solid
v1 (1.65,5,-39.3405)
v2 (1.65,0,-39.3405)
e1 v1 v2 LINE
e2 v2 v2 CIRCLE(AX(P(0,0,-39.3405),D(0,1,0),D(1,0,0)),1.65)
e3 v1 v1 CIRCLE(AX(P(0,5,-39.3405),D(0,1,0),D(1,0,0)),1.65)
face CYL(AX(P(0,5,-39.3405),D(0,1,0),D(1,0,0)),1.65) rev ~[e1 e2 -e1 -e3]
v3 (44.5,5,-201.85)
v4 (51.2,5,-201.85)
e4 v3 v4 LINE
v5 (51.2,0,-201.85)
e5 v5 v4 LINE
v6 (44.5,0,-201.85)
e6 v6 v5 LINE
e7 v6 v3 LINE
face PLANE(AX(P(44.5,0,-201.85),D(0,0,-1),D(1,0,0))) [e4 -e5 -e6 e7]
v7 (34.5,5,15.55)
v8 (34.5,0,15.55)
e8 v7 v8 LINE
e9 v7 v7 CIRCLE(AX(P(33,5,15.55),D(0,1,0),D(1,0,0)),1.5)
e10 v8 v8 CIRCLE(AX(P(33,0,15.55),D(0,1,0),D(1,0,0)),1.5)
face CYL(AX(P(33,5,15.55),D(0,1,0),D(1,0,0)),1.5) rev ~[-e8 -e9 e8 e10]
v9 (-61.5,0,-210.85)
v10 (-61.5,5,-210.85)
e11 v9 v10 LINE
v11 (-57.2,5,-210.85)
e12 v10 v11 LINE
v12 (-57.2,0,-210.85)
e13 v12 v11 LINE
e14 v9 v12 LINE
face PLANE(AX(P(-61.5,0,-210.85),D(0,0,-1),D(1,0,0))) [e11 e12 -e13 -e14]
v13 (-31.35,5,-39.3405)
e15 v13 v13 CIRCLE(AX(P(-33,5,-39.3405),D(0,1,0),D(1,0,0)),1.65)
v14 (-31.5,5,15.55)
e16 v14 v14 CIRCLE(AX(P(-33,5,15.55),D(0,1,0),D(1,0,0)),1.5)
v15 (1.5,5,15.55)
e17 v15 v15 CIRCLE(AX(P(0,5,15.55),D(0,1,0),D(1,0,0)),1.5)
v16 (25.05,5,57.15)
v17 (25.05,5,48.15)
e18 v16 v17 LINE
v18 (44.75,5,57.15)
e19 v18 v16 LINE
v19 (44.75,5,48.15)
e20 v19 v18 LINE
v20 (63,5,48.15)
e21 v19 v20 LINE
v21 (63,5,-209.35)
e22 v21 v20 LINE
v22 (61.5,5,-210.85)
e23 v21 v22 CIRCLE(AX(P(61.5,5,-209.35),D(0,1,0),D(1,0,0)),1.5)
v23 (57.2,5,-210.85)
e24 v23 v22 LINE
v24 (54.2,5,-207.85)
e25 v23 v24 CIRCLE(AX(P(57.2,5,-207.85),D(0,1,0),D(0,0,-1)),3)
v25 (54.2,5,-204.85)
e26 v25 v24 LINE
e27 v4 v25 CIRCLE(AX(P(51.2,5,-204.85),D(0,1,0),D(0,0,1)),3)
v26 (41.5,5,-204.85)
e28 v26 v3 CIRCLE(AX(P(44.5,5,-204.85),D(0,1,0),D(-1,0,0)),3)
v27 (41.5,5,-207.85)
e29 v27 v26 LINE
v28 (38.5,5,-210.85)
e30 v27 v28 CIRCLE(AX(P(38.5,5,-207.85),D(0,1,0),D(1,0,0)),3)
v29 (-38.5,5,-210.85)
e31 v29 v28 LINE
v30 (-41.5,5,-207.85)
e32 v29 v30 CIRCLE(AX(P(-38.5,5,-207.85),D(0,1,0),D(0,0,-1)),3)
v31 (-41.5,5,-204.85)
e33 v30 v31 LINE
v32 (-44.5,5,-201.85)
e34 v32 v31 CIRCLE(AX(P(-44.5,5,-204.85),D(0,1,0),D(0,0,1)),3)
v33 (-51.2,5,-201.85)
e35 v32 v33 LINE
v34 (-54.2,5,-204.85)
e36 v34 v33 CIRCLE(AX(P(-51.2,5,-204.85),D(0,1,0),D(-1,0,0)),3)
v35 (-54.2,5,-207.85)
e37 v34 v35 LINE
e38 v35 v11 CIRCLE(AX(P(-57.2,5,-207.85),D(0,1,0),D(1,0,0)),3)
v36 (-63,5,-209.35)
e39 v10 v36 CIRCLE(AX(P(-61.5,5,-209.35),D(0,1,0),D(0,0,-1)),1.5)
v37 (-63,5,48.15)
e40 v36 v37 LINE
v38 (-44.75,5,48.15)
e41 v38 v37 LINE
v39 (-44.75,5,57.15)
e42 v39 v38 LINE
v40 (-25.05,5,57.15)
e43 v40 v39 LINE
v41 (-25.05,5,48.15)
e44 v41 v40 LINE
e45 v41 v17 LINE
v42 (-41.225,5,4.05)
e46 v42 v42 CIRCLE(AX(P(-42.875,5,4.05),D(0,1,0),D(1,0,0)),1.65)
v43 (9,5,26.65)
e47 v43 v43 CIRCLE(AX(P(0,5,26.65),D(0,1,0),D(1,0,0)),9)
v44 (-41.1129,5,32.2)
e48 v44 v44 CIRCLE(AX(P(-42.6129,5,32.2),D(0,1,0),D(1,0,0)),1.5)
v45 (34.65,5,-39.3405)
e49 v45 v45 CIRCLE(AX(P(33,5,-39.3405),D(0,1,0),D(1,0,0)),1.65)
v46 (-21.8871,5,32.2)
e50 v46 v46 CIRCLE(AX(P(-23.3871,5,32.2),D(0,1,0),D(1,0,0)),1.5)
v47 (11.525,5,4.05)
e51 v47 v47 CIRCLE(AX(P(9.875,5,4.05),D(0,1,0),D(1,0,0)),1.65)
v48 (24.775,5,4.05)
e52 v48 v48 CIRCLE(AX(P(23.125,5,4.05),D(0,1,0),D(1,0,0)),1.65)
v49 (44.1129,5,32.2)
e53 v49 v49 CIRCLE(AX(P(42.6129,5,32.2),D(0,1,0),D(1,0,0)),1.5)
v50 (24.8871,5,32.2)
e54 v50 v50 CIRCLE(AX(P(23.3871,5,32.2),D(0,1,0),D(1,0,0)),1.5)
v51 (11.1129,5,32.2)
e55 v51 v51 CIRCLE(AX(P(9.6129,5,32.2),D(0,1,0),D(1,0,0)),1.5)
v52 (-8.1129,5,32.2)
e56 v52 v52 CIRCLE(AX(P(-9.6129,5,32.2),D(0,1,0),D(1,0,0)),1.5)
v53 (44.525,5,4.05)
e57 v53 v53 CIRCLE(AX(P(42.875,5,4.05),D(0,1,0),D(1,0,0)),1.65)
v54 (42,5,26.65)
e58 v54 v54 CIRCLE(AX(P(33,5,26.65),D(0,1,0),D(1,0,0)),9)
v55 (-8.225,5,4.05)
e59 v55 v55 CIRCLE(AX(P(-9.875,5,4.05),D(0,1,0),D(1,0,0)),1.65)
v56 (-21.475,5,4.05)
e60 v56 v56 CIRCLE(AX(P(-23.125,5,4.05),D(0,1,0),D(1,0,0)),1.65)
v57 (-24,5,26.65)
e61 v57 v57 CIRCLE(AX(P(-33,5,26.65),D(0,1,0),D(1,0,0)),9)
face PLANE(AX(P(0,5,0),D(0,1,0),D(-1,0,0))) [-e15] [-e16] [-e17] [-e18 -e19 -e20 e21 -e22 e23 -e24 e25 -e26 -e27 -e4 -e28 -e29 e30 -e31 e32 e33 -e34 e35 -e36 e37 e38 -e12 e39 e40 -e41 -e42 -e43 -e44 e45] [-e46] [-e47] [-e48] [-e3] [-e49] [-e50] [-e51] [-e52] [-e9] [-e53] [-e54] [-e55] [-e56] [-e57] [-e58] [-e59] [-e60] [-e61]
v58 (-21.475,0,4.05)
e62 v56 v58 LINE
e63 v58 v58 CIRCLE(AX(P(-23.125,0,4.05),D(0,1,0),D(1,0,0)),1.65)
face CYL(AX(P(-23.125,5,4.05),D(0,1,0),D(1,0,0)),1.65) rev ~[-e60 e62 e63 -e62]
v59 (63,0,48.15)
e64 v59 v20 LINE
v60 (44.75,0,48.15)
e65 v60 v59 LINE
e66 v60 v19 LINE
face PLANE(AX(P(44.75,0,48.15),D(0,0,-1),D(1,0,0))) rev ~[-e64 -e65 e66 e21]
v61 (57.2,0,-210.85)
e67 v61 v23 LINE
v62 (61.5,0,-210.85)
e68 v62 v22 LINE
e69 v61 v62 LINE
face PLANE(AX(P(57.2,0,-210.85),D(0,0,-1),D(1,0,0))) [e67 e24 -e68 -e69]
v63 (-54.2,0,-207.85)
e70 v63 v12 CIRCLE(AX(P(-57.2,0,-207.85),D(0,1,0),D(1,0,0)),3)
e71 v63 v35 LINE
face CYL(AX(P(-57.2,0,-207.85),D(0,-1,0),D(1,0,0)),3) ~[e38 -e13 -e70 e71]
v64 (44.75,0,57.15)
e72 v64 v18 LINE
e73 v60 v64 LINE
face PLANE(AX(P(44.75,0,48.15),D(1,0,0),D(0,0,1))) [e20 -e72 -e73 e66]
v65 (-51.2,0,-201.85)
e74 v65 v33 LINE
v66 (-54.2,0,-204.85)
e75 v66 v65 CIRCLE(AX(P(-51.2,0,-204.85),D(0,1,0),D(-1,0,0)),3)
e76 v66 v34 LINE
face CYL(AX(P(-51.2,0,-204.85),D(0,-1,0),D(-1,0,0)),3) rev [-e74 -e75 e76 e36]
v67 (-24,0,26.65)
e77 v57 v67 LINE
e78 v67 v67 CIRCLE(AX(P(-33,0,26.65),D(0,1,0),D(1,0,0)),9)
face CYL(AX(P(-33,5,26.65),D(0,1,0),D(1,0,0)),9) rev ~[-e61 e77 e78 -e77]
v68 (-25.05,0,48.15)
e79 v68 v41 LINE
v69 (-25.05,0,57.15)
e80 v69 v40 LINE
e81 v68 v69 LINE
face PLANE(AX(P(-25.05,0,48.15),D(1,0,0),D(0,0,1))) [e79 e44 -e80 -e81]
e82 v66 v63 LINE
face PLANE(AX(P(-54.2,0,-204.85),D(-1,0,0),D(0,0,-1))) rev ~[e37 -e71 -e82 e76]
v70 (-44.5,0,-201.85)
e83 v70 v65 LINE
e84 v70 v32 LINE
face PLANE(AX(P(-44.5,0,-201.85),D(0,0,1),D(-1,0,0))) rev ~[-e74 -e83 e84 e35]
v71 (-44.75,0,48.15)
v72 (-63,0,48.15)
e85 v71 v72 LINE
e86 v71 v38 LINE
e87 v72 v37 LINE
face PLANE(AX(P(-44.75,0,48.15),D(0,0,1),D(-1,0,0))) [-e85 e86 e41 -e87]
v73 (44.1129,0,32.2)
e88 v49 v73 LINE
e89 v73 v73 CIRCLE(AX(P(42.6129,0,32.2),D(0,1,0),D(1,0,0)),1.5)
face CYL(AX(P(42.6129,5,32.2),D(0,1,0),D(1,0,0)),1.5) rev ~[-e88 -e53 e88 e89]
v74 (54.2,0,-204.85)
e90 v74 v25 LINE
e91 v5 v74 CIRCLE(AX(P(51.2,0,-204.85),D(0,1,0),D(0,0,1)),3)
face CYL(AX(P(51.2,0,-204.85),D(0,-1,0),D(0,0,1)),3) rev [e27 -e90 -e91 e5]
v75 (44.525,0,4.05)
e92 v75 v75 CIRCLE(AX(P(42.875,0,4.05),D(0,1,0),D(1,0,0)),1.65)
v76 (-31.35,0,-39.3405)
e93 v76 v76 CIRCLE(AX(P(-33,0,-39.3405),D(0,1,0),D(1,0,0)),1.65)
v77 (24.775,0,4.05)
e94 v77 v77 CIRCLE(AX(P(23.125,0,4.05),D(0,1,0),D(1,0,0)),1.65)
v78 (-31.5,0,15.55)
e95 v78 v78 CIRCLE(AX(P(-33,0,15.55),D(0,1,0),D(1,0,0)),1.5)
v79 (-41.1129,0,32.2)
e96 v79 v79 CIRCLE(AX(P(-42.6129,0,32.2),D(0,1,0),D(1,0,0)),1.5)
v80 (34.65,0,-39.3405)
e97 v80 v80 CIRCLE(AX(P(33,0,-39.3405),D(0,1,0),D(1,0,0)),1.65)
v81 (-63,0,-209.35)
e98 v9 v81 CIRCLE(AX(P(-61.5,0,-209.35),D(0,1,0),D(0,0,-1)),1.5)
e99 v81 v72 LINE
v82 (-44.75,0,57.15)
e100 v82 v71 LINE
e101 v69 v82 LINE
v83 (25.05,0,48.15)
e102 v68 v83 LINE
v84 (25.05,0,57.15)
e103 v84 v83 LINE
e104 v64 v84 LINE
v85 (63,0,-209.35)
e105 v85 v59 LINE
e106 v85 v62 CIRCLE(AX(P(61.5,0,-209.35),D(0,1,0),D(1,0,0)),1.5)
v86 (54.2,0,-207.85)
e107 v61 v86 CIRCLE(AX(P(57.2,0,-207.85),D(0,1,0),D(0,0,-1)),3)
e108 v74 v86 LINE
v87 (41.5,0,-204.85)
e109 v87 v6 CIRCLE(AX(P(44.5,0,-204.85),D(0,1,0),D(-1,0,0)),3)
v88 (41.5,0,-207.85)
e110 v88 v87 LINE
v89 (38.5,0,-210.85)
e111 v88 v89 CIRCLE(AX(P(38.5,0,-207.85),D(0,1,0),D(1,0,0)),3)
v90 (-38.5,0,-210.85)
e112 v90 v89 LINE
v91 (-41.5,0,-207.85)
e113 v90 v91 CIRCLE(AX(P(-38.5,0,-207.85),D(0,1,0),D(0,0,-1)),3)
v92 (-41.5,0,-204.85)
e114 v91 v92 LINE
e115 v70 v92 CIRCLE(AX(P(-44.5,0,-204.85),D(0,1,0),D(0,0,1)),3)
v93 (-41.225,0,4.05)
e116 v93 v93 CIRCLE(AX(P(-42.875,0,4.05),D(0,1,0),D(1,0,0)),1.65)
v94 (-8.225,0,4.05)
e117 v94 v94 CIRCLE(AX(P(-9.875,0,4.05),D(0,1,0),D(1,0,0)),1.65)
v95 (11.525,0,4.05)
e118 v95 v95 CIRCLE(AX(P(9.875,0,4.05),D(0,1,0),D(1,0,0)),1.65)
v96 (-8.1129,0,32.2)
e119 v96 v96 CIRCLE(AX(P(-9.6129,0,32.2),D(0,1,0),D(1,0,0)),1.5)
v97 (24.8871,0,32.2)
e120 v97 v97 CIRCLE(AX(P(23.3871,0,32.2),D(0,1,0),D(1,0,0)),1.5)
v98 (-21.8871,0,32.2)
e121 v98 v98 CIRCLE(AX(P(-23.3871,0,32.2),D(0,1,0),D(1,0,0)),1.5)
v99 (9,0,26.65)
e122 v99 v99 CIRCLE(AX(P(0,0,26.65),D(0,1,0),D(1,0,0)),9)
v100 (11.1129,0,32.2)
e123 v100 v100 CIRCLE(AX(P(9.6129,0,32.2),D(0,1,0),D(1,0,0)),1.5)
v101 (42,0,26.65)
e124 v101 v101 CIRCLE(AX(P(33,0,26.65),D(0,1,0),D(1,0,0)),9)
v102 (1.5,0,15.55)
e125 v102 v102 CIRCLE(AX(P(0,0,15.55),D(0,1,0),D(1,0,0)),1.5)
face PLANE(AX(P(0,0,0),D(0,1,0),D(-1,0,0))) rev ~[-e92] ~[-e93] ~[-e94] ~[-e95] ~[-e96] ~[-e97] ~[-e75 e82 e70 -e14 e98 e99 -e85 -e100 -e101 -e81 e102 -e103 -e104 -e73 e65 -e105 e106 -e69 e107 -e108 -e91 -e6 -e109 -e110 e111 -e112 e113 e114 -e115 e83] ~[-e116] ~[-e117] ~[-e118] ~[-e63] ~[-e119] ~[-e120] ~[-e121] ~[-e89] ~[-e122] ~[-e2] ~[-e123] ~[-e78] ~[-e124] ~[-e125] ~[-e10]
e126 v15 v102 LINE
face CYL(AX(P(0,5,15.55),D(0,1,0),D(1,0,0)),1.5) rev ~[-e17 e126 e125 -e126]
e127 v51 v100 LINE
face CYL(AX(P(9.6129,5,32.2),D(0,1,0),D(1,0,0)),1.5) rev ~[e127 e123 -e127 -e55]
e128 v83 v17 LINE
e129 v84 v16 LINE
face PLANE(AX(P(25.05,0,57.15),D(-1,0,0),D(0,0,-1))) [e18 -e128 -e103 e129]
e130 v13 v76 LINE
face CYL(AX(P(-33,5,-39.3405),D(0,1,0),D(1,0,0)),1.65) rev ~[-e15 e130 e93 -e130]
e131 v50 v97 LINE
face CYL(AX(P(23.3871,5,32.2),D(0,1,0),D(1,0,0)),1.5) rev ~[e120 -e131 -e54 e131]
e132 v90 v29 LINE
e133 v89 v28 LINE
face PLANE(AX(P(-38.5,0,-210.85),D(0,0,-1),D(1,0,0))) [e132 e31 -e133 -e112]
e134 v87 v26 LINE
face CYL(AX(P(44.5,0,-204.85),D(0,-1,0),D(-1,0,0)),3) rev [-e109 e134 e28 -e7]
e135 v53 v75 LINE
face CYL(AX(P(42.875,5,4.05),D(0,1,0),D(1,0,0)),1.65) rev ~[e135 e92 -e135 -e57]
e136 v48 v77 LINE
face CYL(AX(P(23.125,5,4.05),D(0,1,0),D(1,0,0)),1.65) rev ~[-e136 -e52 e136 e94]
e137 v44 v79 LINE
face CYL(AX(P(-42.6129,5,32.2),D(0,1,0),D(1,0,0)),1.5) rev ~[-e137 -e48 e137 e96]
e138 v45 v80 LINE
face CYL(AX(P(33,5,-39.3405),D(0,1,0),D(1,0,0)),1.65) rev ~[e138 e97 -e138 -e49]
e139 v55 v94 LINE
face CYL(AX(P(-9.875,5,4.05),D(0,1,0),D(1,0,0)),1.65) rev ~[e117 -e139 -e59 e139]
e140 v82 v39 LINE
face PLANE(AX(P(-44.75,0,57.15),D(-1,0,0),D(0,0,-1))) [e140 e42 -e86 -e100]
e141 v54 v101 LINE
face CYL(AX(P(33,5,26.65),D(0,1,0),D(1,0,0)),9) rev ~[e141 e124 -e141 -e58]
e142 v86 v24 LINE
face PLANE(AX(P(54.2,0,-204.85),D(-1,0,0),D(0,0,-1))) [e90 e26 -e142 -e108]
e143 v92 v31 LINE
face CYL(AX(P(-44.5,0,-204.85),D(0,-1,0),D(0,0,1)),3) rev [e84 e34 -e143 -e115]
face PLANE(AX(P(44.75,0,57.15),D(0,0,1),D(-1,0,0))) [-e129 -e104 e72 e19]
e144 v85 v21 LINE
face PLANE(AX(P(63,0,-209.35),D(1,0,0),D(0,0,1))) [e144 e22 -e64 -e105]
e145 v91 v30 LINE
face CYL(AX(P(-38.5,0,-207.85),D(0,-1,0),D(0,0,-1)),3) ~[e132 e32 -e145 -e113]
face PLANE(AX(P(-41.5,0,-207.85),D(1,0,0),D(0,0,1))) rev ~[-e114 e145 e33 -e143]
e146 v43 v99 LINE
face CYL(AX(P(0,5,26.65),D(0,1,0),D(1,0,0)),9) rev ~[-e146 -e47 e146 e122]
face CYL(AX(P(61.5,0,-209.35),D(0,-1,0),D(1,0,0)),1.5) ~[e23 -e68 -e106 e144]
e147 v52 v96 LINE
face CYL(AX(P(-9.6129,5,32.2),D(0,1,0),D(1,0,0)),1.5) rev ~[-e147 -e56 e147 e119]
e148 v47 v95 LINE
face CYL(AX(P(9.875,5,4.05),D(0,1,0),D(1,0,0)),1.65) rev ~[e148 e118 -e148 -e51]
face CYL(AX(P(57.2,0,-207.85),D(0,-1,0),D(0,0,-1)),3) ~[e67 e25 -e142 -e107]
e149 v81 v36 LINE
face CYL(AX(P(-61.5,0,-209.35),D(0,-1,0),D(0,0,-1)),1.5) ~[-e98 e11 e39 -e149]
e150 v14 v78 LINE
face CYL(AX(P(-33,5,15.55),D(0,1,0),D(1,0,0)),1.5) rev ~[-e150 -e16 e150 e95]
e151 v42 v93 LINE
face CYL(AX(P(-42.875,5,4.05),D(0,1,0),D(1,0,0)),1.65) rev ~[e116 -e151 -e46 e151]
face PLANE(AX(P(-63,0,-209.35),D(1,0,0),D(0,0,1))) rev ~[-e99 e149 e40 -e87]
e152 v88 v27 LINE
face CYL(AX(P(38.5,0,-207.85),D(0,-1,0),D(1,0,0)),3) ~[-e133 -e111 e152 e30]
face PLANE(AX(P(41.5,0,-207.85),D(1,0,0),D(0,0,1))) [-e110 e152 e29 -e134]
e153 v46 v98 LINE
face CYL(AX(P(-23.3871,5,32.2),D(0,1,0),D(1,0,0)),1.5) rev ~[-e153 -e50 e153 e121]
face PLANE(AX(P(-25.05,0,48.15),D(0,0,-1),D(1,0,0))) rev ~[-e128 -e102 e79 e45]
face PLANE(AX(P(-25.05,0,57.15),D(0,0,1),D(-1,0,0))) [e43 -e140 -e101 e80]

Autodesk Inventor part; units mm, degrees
ref_plane "YZ Plane" through (0, 0, 0) normal (1, 0, 0) x (0, 1, 0)
ref_plane "XZ Plane" through (0, 0, 0) normal (0, 1, 0) x (-1, 0, 0)
ref_plane "XY Plane" through (0, 0, 0) normal (0, 0, 1) x (1, 0, 0)
sketch "Sketch1" plane through (0, 0, 0) normal (0, 1, 0) x (-1, 0, 0)
  line L0 (-41.5, -207.85) -> (-41.5, -204.85)
  line L1 (-44.5, -201.85) -> (-51.2, -201.85)
  line L2 (-54.2, -204.85) -> (-54.2, -207.85)
  line L3 (-57.2, -210.85) -> (-61.5, -210.85)
  arc A0 (-41.5, -207.85) -> (-38.5, -210.85) centre (-38.5, -207.85) ccw
  arc A1 (-41.5, -204.85) -> (-44.5, -201.85) centre (-44.5, -204.85) ccw
  arc A2 (-51.2, -201.85) -> (-54.2, -204.85) centre (-51.2, -204.85) ccw
  arc A3 (-57.2, -210.85) -> (-54.2, -207.85) centre (-57.2, -207.85) ccw
  line L4 (41.5, -207.85) -> (41.5, -204.85)
  line L5 (44.5, -201.85) -> (51.2, -201.85)
  line L6 (54.2, -204.85) -> (54.2, -207.85)
  line L7 (61.5, -210.85) -> (57.2, -210.85)
  line L8 (38.5, -210.85) -> (-38.5, -210.85)
  arc A4 (54.2, -207.85) -> (57.2, -210.85) centre (57.2, -207.85) ccw
  arc A5 (54.2, -204.85) -> (51.2, -201.85) centre (51.2, -204.85) ccw
  arc A6 (44.5, -201.85) -> (41.5, -204.85) centre (44.5, -204.85) ccw
  arc A7 (38.5, -210.85) -> (41.5, -207.85) centre (38.5, -207.85) ccw
  line L9 (44.75, 48.15) -> (25.05, 48.15)
  line L10 (25.05, 48.15) -> (25.05, 57.15)
  line L11 (25.05, 57.15) -> (44.75, 57.15)
  line L12 (44.75, 57.15) -> (44.75, 48.15)
  line L13 (-25.05, 48.15) -> (-44.75, 48.15)
  line L14 (-44.75, 48.15) -> (-44.75, 57.15)
  line L15 (-44.75, 57.15) -> (-25.05, 57.15)
  line L16 (-25.05, 57.15) -> (-25.05, 48.15)
  line L17 (44.75, 48.15) -> (63, 48.15)
  line L18 (25.05, 48.15) -> (-25.05, 48.15)
  line L19 (-44.75, 48.15) -> (-63, 48.15)
  line L20 (63, -209.35) -> (63, 48.15)
  line L21 (-63, -209.35) -> (-63, 48.15)
  arc A8 (61.5, -210.85) -> (63, -209.35) centre (61.5, -209.35) ccw
  arc A9 (-63, -209.35) -> (-61.5, -210.85) centre (-61.5, -209.35) ccw
  point P0 (0, 0)
  point P1 (-47.85, -207.15)
  point P2 (47.85, -207.85)
  point P3 (34.9, 57.15)
  point P4 (-34.9, 57.15)
  point P5 (-59.35, -210.85)
  point P6 (0, -210.85)
  point P7 (59.35, -210.85)
  point P8 (0, 48.15)
  point P9 (-47.85, -201.85)
  point P10 (47.85, -201.85)
  dimension "d3" = 12.7
  dimension "d5" = 3
  dimension "d7" = 12.7
  dimension "d9" = 3
  dimension "d10" = 9
  dimension "d11" = 19.7
  dimension "d13" = 9
  dimension "d14" = 19.7
  dimension "d16" = 1.5
  dimension "d17" = 126
  dimension "d20" = 18.25
  dimension "d21" = 18.25
  dimension "d22" = 57.15
  dimension "d23" = 9
  dimension "d24" = 9
  dimension "d27" = 250
  dimension "d28" = 250
  dimension "d53" = 83
  dimension "d54" = 3.7
extrude "base" add sketch "Sketch1" along normal blind 5
sketch "Sketch2" plane through (0, 5, 0) normal (0, 1, 0) x (1, 0, 0)
  circle A0 centre (0, -26.65) radius 9
  line L0 (-25.05, -48.15) -> (25.05, -48.15) projected
  line L1 (0, -26.65) -> (-33, -26.65) construction
  point P0 (0, 0)
  dimension "d31" = 18
  dimension "d32" = 21.5
  dimension "d52" = 33
extrude "Poke Hole" cut sketch "Sketch2" against normal up to surface (5 mm away)
pattern_linear "Rectangular Pattern1" count 2 spacing 33 along (-1, 0, 0) count 2 spacing 33 along (1, 0, 0) of "Poke Hole"
sketch "Sketch3" plane through (0, 5, 0) normal (0, 1, 0) x (1, 0, 0)
  circle A0 centre (-33, -15.55) radius 1.5
  circle A1 centre (-33, -26.65) radius 9 projected
  circle A2 centre (-42.6129, -32.2) radius 1.5
  circle A3 centre (-23.3871, -32.2) radius 1.5
  point P0 (0, 0)
  dimension "d41" = 3
  dimension "d42" = 11.1
  dimension "d45" = 360
extrude "Mount Holes" cut sketch "Sketch3" against normal up to surface (5 mm away) contours A0 | A2 | A3
pattern_linear "Rectangular Pattern2" count 3 spacing 33 along (1, 0, 0) of "Mount Holes"
sketch "Sketch4" plane through (0, 5, 0) normal (0, 1, 0) x (1, 0, 0)
  circle A0 centre (-42.875, -4.05) radius 1.65
  circle A1 centre (-23.125, -4.05) radius 1.65
  line L0 (-42.875, -4.05) -> (-23.125, -4.05) construction
  circle A2 centre (-33, -15.55) radius 1.5 construction
  circle A3 centre (-33, 39.3405) radius 1.65
  point P0 (0, 0)
  point P1 (-33, -4.05)
  dimension "d55" = 3.3
  dimension "d56" = 3.3
  dimension "d57" = 19.75
  dimension "d58" = 3.3
  dimension "d59" = 44.5
  dimension "d61" = 11.5
extrude "PCB mount holes" cut sketch "Sketch4" against normal up to surface (5 mm away)
pattern_linear "Rectangular Pattern3" count 3 spacing 33 along (1, 0, 0) of "PCB mount holes"
equation "\"d7\" = d3"
equation "\"d9\" = d5"
equation "\"d10\" = d23"
equation "\"d13\" = d23"
equation "\"d14\" = d11"
equation "\"d21\" = d20"
equation "\"d24\" = d23"
equation "\"d37\" = d52"
equation "\"d40\" = d52"
equation "\"d51\" = d52"
equation "\"d56\" = d55"
equation "\"d58\" = d55"
equation "\"d66\" = d52"
properties part number "front_wall" material "PPS Plastic"
